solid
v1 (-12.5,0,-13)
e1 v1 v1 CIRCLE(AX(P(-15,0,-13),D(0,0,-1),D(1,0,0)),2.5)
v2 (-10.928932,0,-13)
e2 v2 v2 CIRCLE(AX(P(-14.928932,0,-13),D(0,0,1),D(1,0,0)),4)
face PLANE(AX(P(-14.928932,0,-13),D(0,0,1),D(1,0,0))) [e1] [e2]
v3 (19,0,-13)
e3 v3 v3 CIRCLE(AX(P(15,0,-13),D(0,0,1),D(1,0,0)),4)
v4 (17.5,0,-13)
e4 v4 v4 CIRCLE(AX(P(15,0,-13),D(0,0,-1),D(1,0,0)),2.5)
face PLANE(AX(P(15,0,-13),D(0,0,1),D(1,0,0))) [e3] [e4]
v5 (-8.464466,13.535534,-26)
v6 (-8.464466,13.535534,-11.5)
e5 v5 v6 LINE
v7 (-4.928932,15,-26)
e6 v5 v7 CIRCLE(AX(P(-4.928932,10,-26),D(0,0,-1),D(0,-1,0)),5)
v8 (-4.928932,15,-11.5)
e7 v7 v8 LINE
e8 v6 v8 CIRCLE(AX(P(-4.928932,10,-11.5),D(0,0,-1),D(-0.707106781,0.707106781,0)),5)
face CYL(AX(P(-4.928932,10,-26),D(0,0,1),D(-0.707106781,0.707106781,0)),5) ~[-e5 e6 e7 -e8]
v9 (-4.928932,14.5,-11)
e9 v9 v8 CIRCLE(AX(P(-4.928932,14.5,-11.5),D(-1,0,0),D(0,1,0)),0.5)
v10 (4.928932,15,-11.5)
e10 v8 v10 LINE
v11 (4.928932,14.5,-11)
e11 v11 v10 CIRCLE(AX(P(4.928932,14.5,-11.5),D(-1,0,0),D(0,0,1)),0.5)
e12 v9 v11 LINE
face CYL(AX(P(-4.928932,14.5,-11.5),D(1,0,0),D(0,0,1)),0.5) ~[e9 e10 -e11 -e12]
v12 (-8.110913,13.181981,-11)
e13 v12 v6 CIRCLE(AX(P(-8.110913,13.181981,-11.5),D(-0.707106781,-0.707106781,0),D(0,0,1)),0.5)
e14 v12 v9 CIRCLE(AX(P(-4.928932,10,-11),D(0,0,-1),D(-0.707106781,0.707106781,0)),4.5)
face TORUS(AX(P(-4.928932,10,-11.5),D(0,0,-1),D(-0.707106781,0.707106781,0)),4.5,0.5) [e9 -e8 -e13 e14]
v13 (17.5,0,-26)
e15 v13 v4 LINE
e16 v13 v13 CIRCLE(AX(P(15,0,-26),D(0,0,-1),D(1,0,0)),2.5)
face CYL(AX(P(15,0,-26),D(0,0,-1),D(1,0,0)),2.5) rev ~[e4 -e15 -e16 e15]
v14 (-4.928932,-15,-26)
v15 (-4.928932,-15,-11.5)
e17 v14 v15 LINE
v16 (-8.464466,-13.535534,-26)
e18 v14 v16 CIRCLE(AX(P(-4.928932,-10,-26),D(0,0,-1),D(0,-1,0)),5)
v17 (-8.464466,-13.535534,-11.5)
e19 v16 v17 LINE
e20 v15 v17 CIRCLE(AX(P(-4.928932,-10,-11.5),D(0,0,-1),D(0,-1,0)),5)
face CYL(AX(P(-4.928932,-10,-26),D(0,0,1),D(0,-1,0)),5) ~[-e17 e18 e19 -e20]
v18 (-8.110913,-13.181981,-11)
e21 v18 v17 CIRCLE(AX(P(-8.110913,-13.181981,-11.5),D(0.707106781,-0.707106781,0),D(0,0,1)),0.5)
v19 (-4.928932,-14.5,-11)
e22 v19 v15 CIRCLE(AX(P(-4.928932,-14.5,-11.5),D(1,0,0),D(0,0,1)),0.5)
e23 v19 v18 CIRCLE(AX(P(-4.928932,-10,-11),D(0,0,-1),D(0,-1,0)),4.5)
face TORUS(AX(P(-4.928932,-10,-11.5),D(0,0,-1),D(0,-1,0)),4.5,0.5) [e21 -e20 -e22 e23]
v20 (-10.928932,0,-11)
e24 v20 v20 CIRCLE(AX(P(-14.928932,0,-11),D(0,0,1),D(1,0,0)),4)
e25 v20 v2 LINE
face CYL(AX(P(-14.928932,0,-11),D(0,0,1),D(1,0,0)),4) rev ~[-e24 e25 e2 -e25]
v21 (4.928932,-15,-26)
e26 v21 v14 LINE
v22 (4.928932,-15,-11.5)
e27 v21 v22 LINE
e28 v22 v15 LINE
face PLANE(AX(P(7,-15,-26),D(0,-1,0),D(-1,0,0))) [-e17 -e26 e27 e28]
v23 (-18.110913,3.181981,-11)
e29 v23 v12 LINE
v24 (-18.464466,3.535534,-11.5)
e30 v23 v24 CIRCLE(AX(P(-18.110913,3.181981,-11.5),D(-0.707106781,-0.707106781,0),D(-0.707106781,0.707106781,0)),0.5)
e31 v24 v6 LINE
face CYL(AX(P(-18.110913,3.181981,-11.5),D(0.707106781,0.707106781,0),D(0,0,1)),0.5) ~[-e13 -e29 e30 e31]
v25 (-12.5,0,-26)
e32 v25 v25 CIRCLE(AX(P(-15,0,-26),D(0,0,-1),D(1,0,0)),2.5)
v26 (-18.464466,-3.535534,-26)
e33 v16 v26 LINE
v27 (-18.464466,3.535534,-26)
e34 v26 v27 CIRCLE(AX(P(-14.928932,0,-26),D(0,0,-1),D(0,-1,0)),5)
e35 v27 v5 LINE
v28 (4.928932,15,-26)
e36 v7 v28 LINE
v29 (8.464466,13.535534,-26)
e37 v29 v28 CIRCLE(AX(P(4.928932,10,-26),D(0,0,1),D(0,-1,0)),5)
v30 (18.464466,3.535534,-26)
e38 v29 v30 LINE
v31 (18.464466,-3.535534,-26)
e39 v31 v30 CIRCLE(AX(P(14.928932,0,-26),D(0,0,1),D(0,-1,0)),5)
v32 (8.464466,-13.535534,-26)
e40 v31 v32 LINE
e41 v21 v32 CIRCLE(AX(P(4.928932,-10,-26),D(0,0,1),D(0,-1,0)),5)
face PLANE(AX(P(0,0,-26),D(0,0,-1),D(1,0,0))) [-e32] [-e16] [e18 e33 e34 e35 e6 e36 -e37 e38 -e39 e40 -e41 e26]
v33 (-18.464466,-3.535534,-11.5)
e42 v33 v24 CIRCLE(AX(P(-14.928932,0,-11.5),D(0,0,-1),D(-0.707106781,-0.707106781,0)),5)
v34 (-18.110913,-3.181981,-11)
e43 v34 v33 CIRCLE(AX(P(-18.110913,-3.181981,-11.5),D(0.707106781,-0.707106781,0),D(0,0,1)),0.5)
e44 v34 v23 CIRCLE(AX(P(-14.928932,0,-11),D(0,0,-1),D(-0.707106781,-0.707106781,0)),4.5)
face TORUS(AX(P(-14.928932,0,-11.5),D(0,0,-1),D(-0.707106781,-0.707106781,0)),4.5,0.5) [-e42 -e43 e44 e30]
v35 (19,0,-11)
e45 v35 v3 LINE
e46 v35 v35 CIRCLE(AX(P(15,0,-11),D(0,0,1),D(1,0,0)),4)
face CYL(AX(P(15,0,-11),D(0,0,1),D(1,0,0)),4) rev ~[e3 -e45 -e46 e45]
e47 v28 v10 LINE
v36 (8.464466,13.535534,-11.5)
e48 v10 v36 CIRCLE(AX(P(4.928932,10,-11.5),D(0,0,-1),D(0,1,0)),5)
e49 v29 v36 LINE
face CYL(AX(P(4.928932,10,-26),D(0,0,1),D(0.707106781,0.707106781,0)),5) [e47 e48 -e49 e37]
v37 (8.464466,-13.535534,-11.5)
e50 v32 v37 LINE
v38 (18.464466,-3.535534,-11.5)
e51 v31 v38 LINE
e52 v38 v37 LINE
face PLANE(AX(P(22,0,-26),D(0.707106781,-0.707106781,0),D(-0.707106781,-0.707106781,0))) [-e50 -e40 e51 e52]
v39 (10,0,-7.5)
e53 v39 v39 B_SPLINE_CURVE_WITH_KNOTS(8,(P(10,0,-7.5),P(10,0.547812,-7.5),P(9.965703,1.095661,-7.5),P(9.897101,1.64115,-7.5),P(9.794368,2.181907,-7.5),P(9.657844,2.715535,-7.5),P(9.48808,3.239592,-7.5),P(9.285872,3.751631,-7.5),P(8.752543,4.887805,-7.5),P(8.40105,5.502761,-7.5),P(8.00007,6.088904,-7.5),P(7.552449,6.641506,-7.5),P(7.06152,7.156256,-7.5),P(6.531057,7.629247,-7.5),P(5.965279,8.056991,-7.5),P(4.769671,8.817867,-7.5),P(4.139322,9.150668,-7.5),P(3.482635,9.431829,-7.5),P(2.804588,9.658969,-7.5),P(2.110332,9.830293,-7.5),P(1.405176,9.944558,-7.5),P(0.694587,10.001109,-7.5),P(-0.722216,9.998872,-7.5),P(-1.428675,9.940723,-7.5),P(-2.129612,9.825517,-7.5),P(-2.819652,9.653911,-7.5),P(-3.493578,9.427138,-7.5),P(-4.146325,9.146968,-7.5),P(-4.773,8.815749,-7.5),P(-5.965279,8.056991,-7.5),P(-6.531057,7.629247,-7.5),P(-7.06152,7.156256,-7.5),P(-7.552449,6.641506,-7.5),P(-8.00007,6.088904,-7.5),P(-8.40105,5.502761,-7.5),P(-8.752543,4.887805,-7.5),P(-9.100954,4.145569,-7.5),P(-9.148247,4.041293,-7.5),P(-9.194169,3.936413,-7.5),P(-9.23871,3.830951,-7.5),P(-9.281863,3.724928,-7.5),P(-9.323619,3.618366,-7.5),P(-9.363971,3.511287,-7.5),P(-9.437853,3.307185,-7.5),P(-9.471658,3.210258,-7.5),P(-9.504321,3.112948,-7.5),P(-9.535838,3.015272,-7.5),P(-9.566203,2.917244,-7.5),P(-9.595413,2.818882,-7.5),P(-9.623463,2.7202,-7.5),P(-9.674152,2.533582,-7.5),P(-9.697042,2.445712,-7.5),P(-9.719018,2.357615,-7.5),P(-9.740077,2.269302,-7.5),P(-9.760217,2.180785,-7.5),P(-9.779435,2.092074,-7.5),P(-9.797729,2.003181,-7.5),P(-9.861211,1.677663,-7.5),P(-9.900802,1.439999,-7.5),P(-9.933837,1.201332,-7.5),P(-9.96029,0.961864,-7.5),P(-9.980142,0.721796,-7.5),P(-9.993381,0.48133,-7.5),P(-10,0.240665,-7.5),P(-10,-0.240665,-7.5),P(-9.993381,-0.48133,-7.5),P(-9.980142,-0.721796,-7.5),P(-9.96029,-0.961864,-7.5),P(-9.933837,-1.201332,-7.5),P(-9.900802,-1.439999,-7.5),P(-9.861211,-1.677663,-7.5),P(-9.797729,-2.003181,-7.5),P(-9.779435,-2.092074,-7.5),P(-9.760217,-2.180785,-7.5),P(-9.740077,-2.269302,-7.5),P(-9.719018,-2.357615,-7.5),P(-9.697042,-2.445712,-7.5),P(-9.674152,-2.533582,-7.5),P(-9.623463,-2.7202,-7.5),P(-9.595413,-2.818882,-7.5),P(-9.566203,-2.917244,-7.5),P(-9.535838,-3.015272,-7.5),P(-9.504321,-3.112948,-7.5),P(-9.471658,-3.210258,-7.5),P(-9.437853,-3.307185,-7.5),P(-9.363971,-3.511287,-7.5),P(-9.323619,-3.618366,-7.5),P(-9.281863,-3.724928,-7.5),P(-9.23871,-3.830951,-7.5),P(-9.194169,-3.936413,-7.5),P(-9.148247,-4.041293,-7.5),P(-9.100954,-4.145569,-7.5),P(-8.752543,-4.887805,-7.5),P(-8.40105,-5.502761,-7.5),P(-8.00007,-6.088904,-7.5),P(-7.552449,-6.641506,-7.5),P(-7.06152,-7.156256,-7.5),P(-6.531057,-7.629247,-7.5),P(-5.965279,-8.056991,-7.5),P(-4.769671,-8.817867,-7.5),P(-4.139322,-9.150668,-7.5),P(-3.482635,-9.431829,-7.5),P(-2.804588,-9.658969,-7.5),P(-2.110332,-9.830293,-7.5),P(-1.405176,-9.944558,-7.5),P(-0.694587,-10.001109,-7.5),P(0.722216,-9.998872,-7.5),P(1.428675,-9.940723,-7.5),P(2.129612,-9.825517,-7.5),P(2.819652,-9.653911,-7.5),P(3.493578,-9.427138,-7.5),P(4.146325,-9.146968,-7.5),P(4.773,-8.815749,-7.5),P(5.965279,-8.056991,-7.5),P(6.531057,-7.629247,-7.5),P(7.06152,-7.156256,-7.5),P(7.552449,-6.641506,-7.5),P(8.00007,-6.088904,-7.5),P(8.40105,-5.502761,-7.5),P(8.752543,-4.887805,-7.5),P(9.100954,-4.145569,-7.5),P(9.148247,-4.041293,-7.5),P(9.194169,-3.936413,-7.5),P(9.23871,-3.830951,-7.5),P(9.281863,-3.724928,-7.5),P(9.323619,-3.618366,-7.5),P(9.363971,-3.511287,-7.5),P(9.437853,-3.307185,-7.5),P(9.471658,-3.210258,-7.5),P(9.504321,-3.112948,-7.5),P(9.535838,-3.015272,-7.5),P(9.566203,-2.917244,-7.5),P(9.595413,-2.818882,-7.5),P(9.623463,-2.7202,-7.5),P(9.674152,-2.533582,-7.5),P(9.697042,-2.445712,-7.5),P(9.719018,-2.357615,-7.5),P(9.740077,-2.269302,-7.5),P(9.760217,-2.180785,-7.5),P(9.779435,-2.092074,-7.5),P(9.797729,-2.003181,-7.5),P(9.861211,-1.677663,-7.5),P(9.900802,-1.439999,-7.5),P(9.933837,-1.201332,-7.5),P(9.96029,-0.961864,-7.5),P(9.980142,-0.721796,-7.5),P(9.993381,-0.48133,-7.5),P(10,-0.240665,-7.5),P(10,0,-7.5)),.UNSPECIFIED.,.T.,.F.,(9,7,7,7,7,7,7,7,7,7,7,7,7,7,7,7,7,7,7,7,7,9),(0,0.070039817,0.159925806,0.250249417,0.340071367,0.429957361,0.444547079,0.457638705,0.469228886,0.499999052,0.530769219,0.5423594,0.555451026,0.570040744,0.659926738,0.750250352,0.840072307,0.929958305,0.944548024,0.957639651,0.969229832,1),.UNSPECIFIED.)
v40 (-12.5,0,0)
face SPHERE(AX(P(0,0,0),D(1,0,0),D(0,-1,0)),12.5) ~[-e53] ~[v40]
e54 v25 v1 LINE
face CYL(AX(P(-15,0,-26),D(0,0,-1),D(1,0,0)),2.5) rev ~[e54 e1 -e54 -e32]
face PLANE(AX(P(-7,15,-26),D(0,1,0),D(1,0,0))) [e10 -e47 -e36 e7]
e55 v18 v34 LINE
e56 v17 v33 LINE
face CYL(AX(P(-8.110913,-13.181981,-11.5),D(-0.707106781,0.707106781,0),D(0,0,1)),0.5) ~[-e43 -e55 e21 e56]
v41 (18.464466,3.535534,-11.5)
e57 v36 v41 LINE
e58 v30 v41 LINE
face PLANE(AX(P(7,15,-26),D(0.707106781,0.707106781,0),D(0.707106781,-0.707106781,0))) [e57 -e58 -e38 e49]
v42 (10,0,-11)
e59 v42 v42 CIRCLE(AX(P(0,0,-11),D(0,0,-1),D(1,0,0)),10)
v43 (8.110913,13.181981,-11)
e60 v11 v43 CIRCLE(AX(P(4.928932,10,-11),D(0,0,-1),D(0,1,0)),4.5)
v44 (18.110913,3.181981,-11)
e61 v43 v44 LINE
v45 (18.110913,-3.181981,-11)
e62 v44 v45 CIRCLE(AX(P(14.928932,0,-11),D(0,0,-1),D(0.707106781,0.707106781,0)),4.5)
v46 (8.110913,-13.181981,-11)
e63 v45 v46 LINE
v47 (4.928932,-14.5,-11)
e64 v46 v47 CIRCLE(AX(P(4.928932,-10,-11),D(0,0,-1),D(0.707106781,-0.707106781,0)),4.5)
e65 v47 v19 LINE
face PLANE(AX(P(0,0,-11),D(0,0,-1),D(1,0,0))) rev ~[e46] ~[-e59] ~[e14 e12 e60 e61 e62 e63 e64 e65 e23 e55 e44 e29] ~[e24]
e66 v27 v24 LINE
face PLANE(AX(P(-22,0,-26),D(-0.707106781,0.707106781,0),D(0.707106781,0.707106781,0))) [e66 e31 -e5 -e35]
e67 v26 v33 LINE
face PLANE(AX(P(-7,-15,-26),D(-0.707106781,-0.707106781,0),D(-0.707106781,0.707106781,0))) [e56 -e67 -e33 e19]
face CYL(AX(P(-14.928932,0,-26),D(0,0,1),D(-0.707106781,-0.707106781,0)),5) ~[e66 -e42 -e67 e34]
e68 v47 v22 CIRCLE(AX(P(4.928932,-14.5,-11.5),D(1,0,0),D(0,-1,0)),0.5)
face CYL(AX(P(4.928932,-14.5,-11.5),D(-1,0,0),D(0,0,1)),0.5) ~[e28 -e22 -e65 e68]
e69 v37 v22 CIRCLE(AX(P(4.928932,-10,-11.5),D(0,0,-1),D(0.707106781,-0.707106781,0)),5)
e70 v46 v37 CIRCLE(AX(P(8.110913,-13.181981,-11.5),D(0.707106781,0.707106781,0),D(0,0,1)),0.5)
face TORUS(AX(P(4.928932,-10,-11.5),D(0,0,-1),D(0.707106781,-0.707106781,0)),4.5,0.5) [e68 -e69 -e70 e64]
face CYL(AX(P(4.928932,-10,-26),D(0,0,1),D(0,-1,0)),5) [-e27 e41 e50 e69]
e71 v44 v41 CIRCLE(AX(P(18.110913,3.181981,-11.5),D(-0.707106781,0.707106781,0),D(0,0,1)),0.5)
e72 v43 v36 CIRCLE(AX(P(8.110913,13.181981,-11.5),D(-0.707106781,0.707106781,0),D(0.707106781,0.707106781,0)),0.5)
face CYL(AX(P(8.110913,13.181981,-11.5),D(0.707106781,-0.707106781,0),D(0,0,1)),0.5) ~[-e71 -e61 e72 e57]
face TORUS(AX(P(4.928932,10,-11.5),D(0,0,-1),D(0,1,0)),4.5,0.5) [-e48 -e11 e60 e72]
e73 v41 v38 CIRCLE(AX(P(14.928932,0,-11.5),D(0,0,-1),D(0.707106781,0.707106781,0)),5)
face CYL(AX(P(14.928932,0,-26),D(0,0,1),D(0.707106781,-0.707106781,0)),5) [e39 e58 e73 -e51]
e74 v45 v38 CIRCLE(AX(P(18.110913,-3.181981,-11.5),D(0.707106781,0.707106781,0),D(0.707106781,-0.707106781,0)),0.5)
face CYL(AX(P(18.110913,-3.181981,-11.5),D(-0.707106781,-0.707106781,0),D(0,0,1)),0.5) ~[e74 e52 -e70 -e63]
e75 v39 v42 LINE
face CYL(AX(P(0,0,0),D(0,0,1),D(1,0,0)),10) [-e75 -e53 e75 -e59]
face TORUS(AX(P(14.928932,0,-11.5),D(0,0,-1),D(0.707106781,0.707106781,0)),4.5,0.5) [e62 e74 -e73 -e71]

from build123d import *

# Parameters (mm, degrees)
F2_R     = 10
F3_DEPTH = 26
F4_R     = 2.5
F4_R_2   = 10
F5_DEPTH = 15
F6_R     = 5
F7_R     = 0.5
F8_R     = 4
F9_DEPTH = 2


with BuildPart() as f1:
    # F0 (on Top) → F1 (revolve)
    with BuildSketch(Plane.XY):
        with BuildLine():
            ThreePointArc((-12.5, 0), (0, -12.5), (12.5, 0))
            Line((12.5, 0), (-12.5, 0))
        make_face()
    revolve(axis=Axis((5, 0, 0), (-1, 0, 0)))

    # F2 (on Top) → F3 (join)
    with BuildSketch(Plane.XY):
        Circle(F2_R)
    extrude(amount=-F3_DEPTH)

    # F4 (on face) → F5 (join)
    with BuildSketch(Plane(origin=(0, 0, -26), x_dir=(1, 0, 0), z_dir=(0, 0, -1))):
        Polygon((7, 15), (0, 15), (-7, 15), (-22, 0), (-7, -15), (0, -15), (7, -15), (22, 0), align=None)
        with Locations((-15, 0)):
            Circle(F4_R, mode=Mode.SUBTRACT)
        Circle(F4_R_2, mode=Mode.SUBTRACT)
        with Locations((15, 0)):
            Circle(F4_R, mode=Mode.SUBTRACT)
    extrude(amount=-F5_DEPTH)

    # F6
    f6_edges = [f1.edges().sort_by_distance(p)[0] for p in [
        (-22, 0, -18.5),
        (-7, -15, -18.5),
        (7, -15, -18.5),
        (22, 0, -18.5),
        (7, 15, -18.5),
        (-7, 15, -18.5),
    ]]
    fillet(f6_edges, radius=F6_R)

    # F7
    f7_edges = [f1.edges().sort_by_distance(p)[0] for p in [
        (-13.464466, -8.535534, -11),
    ]]
    fillet(f7_edges, radius=F7_R)

    # F8 (on face) → F9 (cut)
    with BuildSketch(Plane.XY.offset(-11)):
        with Locations((-14.928932, 0)):
            Circle(F8_R)
        with Locations((15, 0)):
            Circle(F8_R)
    extrude(amount=-F9_DEPTH, mode=Mode.SUBTRACT)


solid = f1.part
